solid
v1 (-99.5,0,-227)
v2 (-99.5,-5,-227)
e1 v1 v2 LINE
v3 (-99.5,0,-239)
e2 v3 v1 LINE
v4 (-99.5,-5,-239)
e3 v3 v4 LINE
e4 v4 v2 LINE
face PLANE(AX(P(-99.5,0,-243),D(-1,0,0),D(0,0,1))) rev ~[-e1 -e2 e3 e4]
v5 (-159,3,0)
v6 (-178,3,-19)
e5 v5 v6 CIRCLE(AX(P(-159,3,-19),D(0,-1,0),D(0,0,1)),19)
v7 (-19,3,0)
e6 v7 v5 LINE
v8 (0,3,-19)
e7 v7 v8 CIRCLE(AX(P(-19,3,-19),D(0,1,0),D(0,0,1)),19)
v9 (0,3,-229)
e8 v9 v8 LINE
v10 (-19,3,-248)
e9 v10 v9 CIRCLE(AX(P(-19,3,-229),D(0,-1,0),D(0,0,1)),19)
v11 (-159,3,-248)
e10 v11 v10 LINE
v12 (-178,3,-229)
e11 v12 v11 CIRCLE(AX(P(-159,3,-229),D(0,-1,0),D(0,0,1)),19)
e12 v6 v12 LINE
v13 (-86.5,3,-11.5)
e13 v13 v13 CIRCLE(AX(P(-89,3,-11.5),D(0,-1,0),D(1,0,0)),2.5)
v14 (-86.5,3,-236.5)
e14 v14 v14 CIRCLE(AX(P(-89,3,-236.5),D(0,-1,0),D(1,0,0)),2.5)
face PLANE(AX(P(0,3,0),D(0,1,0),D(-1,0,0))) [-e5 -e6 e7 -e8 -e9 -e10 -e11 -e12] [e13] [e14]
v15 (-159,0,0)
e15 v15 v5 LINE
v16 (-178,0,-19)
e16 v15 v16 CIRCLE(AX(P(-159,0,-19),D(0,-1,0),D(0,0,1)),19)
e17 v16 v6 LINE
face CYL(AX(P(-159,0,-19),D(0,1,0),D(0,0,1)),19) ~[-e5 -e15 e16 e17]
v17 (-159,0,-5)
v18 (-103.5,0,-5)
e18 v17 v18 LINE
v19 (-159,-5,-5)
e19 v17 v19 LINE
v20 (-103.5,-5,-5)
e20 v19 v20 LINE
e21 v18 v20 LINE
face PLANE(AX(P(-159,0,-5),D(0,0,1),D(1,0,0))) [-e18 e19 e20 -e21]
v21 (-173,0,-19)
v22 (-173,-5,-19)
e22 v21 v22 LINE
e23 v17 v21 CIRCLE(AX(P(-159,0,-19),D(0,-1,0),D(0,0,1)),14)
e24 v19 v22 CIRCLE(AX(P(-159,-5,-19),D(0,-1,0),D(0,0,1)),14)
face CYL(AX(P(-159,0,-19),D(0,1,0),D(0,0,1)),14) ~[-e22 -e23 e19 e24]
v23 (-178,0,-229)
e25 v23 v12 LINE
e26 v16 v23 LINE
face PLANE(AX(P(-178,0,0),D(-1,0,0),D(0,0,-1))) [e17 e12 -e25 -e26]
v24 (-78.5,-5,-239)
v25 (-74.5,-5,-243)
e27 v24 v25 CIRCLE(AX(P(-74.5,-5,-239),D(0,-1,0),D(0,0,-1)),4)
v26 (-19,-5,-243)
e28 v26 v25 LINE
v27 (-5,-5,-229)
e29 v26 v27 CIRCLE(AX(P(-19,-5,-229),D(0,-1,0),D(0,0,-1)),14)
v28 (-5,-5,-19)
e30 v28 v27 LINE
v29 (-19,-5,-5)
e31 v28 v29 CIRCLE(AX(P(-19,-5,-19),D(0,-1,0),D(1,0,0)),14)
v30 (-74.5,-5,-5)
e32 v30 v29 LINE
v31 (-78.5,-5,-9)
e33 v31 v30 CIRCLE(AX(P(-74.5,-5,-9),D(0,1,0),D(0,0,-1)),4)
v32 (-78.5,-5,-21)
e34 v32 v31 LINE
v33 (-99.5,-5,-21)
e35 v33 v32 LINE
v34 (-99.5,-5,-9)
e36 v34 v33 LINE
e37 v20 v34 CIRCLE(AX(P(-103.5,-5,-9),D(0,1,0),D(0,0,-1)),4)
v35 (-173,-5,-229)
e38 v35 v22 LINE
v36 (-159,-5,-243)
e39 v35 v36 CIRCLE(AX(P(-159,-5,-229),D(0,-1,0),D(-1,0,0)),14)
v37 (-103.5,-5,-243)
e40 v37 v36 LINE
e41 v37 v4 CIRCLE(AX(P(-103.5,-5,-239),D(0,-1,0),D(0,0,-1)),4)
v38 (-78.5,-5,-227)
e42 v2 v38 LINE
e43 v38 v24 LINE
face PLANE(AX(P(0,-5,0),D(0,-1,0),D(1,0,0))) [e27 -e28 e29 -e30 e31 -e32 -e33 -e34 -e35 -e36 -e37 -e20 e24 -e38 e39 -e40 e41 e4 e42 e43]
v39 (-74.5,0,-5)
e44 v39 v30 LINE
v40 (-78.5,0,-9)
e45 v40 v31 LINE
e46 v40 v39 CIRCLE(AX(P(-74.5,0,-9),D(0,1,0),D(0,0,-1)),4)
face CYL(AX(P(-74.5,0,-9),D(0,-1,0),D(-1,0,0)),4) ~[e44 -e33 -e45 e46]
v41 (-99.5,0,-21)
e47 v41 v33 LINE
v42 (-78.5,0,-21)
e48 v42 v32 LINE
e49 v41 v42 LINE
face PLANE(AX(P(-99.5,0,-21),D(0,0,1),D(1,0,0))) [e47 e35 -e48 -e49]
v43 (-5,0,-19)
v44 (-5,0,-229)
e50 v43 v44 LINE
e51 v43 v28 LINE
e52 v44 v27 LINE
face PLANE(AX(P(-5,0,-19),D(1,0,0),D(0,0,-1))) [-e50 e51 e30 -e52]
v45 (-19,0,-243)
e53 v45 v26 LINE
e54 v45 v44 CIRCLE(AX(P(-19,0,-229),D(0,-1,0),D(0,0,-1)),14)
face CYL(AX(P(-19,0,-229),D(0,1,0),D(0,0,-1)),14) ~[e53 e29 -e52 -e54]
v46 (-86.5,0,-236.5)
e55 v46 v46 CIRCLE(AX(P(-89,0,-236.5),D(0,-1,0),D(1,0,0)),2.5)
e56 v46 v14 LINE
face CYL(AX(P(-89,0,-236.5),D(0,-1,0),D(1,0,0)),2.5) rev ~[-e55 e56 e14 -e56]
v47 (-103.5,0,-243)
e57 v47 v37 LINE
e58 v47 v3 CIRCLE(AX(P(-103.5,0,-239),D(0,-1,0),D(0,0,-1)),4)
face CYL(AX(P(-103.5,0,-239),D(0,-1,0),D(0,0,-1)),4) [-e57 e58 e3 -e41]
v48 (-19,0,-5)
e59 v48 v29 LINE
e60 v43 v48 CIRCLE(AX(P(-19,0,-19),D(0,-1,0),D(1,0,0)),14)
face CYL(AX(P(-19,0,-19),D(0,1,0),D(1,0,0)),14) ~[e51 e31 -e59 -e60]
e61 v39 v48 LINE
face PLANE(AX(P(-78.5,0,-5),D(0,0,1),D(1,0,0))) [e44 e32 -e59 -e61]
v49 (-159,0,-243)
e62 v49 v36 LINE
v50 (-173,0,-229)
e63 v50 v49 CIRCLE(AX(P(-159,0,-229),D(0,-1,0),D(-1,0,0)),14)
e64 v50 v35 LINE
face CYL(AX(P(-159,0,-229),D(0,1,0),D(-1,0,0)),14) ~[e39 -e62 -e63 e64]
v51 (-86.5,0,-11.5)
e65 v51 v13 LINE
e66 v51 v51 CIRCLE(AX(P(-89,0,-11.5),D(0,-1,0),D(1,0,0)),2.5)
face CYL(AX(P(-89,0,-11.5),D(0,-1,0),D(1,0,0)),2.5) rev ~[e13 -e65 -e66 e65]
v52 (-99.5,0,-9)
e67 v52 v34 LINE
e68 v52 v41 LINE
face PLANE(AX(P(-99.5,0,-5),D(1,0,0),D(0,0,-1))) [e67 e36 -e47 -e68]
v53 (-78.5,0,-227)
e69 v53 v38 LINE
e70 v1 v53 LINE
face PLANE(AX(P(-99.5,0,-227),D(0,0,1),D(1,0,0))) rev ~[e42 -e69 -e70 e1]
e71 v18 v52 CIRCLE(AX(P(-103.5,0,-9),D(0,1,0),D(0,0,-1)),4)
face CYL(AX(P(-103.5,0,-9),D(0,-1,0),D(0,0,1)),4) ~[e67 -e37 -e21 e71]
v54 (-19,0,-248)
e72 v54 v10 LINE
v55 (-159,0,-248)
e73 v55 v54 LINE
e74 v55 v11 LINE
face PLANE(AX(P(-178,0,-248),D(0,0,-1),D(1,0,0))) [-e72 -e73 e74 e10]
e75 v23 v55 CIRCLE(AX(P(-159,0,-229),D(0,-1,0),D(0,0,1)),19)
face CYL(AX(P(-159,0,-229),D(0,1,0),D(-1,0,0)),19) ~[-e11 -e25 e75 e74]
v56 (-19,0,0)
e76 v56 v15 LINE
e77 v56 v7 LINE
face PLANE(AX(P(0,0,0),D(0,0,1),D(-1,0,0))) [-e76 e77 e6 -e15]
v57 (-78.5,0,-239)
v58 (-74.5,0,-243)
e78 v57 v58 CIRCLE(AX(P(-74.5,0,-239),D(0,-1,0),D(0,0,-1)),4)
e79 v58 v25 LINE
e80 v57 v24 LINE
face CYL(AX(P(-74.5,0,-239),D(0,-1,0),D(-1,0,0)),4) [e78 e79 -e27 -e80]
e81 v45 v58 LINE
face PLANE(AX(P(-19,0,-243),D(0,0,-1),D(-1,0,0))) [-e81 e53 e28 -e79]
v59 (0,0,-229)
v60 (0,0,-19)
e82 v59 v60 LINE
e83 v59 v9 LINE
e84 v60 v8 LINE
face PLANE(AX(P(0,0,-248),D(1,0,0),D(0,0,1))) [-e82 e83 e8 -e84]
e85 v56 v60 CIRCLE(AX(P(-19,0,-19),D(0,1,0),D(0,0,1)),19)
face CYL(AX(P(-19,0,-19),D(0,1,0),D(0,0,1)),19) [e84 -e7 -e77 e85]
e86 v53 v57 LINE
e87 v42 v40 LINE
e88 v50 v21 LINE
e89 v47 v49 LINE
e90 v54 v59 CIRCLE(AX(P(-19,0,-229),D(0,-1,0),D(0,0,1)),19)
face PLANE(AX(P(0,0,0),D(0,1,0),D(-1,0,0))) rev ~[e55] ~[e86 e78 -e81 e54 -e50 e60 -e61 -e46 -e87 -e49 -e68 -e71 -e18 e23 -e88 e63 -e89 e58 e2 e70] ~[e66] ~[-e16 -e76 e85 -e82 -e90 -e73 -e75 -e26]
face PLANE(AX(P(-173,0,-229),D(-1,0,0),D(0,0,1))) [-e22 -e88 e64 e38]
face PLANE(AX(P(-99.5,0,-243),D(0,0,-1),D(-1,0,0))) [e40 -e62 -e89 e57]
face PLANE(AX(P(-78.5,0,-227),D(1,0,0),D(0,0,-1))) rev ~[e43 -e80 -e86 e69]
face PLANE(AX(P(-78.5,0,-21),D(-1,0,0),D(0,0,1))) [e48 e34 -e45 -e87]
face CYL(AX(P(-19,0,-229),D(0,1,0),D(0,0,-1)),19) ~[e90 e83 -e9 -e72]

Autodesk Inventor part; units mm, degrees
ref_plane "YZ Plane" through (0, 0, 0) normal (1, 0, 0) x (0, 1, 0)
ref_plane "XZ Plane" through (0, 0, 0) normal (0, 1, 0) x (-1, 0, 0)
ref_plane "XY Plane" through (0, 0, 0) normal (0, 0, 1) x (1, 0, 0)
sketch "Sketch1" plane through (0, 0, 0) normal (0, 1, 0) x (-1, 0, 0)
  line L0 (0, 0) -> (178, 0)
  line L1 (178, 0) -> (178, -248)
  line L2 (178, -248) -> (0, -248)
  line L3 (0, -248) -> (0, 0)
  dimension "d0" = 178
  dimension "d1" = 248
extrude "Extrusion1" add sketch "Sketch1" along normal blind 3
fillet "Fillet1" radius 19 4 edges at (0, 1.5, 0) (-178, 1.5, 0) (0, 1.5, -248) (-178, 1.5, -248)
sketch "Sketch2" plane through (0, 0, 0) normal (0, -1, 0) x (1, 0, 0)
  arc A0 (-178, -229) -> (-159, -248) centre (-159, -229) ccw projected
  line L0 (-19, -248) -> (-159, -248) projected
  arc A1 (-19, -248) -> (0, -229) centre (-19, -229) ccw projected
  line L1 (0, -19) -> (0, -229) projected
  arc A2 (0, -19) -> (-19, 0) centre (-19, -19) ccw projected
  line L2 (-159, 0) -> (-19, 0) projected
  arc A3 (-159, 0) -> (-178, -19) centre (-159, -19) ccw projected
  line L3 (-178, -229) -> (-178, -19) projected
  arc A4 (-159, -5) -> (-173, -19) centre (-159, -19) ccw
  line L4 (-159, -5) -> (-19, -5)
  arc A5 (-5, -19) -> (-19, -5) centre (-19, -19) ccw
  line L5 (-5, -19) -> (-5, -229)
  arc A6 (-19, -243) -> (-5, -229) centre (-19, -229) ccw
  line L6 (-19, -243) -> (-159, -243)
  arc A7 (-173, -229) -> (-159, -243) centre (-159, -229) ccw
  line L7 (-173, -229) -> (-173, -19)
  line L8 (-78.5, -243) -> (-99.5, -243)
  line L9 (-99.5, -243) -> (-99.5, -227)
  line L10 (-99.5, -227) -> (-78.5, -227)
  line L11 (-78.5, -227) -> (-78.5, -243)
  line L12 (-173, -124) -> (-5, -124) construction
  line L13 (-78.5, -5) -> (-99.5, -5)
  line L14 (-99.5, -5) -> (-99.5, -21)
  line L15 (-99.5, -21) -> (-78.5, -21)
  line L16 (-78.5, -21) -> (-78.5, -5)
  circle A8 centre (-89, -11.5) radius 2.5
  line L17 (-89, -227) -> (-89, -21) construction
  circle A9 centre (-89, -236.5) radius 2.5
  point P0 (0, 0)
  point P1 (-89, -243)
  point P2 (-89, -5)
  point P3 (-99.5, -243)
  point P4 (-78.5, -5)
  point P5 (-99.5, -5)
  dimension "d12" = 21
  dimension "d13" = 21
  dimension "d14" = 5
  dimension "d16" = 5
  dimension "d18" = 225
extrude "Extrusion2" add sketch "Sketch2" along normal blind 5 contours L4 L14 L15 L16 A5 L5 A6 L6 L11 L10 L9 A7 L7 A4
extrude "Extrusion4" cut sketch "Sketch2" against normal up to surface (3 mm away) contours A8 | A9
fillet "Fillet2" radius 4 4 edges at (-99.5, -2.5, -243) (-78.5, -2.5, -243) (-99.5, -2.5, -5) (-78.5, -2.5, -5)
equation "\"d5\" = d16"
equation "\"d19\" = d16"
properties part number "case5_3DPrint"
